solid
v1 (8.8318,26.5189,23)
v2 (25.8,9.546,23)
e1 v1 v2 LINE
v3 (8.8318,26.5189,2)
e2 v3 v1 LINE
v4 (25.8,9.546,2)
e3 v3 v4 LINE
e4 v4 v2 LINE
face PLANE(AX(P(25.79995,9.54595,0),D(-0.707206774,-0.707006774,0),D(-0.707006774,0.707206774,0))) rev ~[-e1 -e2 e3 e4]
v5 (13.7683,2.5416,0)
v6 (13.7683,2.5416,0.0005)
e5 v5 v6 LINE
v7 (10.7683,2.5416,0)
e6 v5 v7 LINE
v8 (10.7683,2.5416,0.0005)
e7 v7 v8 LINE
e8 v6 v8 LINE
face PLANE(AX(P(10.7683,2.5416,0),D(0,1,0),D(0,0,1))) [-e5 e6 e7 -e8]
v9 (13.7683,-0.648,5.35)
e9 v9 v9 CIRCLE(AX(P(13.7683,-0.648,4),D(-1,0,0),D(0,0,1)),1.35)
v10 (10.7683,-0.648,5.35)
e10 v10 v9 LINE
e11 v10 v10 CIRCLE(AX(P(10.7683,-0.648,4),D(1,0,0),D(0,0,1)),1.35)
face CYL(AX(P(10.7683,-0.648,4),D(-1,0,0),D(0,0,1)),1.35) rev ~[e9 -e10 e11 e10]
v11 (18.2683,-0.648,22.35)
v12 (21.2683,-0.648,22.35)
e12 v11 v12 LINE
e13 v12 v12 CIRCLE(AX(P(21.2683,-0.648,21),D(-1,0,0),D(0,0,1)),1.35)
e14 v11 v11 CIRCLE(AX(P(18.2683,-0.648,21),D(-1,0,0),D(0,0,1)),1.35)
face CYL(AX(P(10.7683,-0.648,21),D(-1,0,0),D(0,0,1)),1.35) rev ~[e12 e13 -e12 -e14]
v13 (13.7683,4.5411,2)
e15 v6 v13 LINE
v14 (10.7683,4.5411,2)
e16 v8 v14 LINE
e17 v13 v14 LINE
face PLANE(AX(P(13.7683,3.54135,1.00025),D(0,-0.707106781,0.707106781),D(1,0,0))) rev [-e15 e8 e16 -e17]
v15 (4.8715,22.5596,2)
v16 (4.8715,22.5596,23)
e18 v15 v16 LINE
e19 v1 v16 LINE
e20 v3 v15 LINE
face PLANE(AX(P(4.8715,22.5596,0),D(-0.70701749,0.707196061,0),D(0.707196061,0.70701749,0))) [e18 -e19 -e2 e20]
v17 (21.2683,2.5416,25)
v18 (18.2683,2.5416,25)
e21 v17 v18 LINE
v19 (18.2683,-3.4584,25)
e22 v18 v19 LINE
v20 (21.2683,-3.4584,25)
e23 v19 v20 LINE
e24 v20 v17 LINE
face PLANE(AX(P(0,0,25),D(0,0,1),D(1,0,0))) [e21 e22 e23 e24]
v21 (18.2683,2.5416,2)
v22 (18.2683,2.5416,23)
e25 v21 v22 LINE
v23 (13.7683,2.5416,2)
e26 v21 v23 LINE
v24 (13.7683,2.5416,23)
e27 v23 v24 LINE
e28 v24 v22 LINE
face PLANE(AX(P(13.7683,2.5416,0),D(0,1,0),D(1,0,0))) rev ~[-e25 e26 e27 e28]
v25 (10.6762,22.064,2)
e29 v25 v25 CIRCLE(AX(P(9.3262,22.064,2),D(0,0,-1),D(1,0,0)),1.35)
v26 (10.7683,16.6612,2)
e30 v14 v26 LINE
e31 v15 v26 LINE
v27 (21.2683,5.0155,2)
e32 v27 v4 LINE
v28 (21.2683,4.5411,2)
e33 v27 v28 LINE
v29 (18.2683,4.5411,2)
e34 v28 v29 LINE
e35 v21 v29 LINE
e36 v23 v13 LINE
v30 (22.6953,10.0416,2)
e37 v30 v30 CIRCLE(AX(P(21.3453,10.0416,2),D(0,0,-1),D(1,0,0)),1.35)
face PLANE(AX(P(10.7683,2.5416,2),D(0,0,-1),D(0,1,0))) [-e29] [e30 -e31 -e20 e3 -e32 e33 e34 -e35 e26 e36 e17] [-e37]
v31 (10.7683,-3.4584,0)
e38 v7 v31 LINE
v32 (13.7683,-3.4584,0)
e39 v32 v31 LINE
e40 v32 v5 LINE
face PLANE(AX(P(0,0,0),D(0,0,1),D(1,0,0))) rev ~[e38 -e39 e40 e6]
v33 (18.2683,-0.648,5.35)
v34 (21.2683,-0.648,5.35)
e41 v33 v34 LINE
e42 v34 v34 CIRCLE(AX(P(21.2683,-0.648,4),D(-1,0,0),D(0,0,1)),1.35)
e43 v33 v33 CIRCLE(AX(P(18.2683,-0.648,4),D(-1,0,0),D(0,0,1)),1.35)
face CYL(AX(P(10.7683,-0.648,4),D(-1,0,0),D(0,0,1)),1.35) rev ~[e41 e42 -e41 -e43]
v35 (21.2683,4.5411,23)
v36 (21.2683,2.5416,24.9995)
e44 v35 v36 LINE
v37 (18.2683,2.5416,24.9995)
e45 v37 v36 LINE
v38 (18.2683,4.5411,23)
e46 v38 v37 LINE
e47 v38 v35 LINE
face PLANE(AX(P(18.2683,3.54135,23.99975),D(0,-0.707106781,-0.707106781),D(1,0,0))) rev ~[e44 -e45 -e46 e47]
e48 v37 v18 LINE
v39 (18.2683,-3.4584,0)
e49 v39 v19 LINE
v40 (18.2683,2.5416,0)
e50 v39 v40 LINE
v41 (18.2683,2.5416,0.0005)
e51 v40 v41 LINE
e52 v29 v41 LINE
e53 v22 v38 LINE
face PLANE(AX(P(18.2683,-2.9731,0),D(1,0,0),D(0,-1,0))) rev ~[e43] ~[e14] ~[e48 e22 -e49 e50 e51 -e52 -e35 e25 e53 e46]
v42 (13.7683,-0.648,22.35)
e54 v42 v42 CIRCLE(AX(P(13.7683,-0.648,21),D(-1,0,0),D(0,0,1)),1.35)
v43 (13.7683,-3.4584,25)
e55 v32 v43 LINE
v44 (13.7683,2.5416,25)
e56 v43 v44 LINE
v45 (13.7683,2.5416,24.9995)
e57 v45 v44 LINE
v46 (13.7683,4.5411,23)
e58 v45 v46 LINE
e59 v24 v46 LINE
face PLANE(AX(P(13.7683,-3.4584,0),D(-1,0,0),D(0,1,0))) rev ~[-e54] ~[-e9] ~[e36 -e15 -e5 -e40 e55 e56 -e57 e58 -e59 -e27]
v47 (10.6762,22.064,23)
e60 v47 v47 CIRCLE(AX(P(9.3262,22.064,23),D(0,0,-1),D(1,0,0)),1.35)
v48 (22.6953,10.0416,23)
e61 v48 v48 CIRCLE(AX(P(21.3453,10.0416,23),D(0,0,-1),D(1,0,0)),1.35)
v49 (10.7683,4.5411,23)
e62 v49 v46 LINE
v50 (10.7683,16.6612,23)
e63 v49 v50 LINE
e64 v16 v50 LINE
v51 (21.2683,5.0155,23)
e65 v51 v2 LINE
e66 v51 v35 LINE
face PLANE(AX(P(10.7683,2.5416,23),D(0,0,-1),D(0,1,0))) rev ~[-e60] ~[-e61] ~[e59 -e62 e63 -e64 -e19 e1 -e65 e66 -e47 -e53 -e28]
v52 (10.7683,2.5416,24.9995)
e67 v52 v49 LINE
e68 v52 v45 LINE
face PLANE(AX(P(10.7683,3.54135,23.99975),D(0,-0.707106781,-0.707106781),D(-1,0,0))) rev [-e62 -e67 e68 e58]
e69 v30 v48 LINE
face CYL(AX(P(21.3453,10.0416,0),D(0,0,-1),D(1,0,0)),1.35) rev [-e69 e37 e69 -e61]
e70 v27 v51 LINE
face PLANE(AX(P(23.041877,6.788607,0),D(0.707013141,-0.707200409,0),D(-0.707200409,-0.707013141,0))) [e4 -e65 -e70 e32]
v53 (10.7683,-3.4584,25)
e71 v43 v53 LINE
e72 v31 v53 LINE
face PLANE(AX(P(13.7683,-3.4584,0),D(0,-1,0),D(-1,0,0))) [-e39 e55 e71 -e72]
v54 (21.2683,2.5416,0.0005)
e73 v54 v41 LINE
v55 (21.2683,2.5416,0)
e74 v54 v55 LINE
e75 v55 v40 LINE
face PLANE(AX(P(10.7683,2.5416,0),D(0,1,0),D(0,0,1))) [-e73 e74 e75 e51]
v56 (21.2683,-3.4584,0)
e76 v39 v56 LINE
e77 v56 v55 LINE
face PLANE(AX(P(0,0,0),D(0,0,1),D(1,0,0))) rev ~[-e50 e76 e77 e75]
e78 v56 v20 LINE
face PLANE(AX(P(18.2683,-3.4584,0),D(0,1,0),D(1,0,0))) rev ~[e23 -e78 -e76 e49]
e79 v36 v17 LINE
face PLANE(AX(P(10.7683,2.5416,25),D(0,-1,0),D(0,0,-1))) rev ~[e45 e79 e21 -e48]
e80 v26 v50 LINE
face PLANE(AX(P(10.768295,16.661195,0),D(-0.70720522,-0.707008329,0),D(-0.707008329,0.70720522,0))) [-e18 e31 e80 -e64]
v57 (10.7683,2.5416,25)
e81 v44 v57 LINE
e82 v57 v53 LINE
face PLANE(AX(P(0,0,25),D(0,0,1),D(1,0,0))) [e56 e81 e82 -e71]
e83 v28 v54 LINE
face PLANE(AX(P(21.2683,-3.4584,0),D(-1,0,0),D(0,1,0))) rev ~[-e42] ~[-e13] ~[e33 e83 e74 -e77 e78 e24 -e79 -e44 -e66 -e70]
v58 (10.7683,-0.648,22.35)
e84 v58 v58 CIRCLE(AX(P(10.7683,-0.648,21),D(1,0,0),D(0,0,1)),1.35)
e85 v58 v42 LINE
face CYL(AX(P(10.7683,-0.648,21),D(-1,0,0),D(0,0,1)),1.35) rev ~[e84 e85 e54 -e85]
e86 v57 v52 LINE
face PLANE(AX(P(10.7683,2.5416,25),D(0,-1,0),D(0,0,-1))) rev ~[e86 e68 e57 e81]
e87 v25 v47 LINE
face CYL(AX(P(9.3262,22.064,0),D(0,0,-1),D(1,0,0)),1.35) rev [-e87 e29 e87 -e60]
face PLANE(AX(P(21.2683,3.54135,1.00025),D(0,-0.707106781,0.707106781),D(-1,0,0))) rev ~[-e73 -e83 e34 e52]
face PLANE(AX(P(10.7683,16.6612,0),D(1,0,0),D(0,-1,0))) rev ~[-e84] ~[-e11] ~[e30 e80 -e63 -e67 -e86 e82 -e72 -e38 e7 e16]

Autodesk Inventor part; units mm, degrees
ref_plane "YZ Plane" through (0, 0, 0) normal (1, 0, 0) x (0, 1, 0)
ref_plane "XZ Plane" through (0, 0, 0) normal (0, 1, 0) x (-1, 0, 0)
ref_plane "XY Plane" through (0, 0, 0) normal (0, 0, 1) x (1, 0, 0)
sketch "Sketch1" plane through (0, 0, 0) normal (0, 0, 1) x (1, 0, 0)
  line L0 (13.7683, -3.4584) -> (10.7683, -3.4584)
  line L1 (13.7683, -3.4584) -> (13.7683, 2.5416)
  circle A0 centre (9.3262, 22.064) radius 1.35
  circle A1 centre (21.3453, 10.0416) radius 1.35
  line L2 (10.7683, -3.4584) -> (13.7683, -3.4584)
  line L3 (9.4532, 26.0885) -> (40.2875, 26.0885) construction
  line L4 (13.7683, 2.5416) -> (18.2683, 2.5416)
  line L5 (10.7683, 16.6612) -> (10.7683, -3.4584)
  line L6 (26.507, 8.8387) -> (-1.0663, 36.4198) projected
  arc A2 (26.507, 8.8387) -> (30.7497, 8.8382) centre (28.6286, 10.9598) ccw projected
  line L7 (28.2745, 6.3636) -> (30.7497, 8.8382) projected
  line L8 (28.2745, 6.3636) -> (20.4257, 7.0011) projected
  line L9 (20.4257, 7.0011) -> (-6.8649, 34.2993) projected
  line L10 (-6.8649, 34.2993) -> (-7.5002, 42.1482) projected
  line L11 (-7.5002, 42.1482) -> (10.4629, 60.1062) projected
  line L12 (10.4629, 60.1062) -> (18.3117, 59.4687) projected
  line L13 (18.3117, 59.4687) -> (45.6022, 32.1706) projected
  line L14 (45.6022, 32.1706) -> (46.2375, 24.3216) projected
  line L15 (43.7623, 21.8471) -> (46.2375, 24.3216) projected
  arc A3 (43.7623, 21.8471) -> (43.7628, 26.0897) centre (41.6412, 23.9687) ccw projected
  line L16 (16.1895, 53.6708) -> (43.7628, 26.0897) projected
  arc A4 (16.1895, 53.6708) -> (11.9469, 53.6714) centre (14.0679, 51.5497) ccw projected
  line L17 (-1.0657, 40.6624) -> (11.9469, 53.6714) projected
  arc A5 (-1.0657, 40.6624) -> (-1.0663, 36.4198) centre (1.0553, 38.5408) ccw projected
  line L18 (26.507, 8.8387) -> (-1.0663, 36.4198) projected
  circle A6 centre (18.5232, 55.2968) radius 1.35 projected
  circle A7 centre (-2.693, 34.0865) radius 1.35 projected
  circle A8 centre (9.4722, 55.1566) radius 1.35 projected
  circle A9 centre (30.5424, 43.2743) radius 1.35 projected
  circle A10 centre (42.5615, 31.2518) radius 1.35 projected
  circle A11 centre (-2.5503, 43.1375) radius 1.35 projected
  circle A12 centre (9.3262, 22.064) radius 1.35 projected
  circle A13 centre (21.3453, 10.0416) radius 1.35 projected
  line L19 (4.8715, 22.5596) -> (8.8318, 26.5189)
  line L20 (8.8318, 26.5189) -> (25.8, 9.546)
  line L21 (4.8715, 22.5596) -> (10.7683, 16.6612)
  line L22 (18.2683, -2.9731) -> (18.2683, 2.1519) projected
  line L23 (18.2683, 2.5416) -> (18.2683, -3.4584)
  line L24 (18.2683, -3.4584) -> (21.2683, -3.4584)
  line L25 (21.2683, -3.4584) -> (21.2683, 5.0155)
  line L26 (25.8, 9.546) -> (21.2683, 5.0155)
  point P0 (0, 0)
  dimension "d9" = 2.7
  dimension "d10" = 2.7
  dimension "d12" = 3
  dimension "d28" = 6
  dimension "d35" = 3.5
  dimension "d36" = 24
  dimension "d38" = 3
  dimension "d63" = 4.5
extrude "Extrusion1" add sketch "Sketch1" along normal blind 25 contours L0 L5 L9 L8 L26 L25 L24 L23 L22 L4 L1 | L9 L19 L6 L26 L8
sketch "Sketch3" plane through (10.7683, -3.4584, 0) normal (-1, 0, 0) x (0, 0, 1)
  circle A0 centre (2, 2.8104) radius 1.35 projected
  circle A1 centre (19, 2.8104) radius 1.35 projected
  line L0 (25, 0) -> (25, 20.1196) projected
  line L1 (0, 20.1196) -> (0, 0) projected
  circle A2 centre (4, 2.8104) radius 1.35
  circle A3 centre (21, 2.8104) radius 1.35
  dimension "d48" = 2.7
  dimension "d49" = 2.7
  dimension "d50" = 4
  dimension "d51" = 4
extrude "Extrusion3" cut sketch "Sketch3" against normal through all contours A0 A2 | A0 A2 | A1 A3 | A1 A3 picked at (3.1032, 2.701) picked at (4.6704, 2.7032) picked at (20.1032, 2.9198) picked at (21.6704, 2.9176)
sketch "Sketch5" plane through (10.7683, -3.4584, 0) normal (-1, 0, 0) x (0, 0, 1)
  line L0 (0, 0) -> (25, 0) projected
  line L1 (0, 0) -> (0, 8.4739) projected
  line L2 (0, 6) -> (2, 6)
  line L3 (2, 6) -> (2, 32)
  line L4 (2, 32) -> (0, 32)
  line L5 (0, 32) -> (0, 6)
  line L6 (25, 8.4739) -> (25, 0) projected
  line L7 (25, 6) -> (23, 6)
  line L8 (23, 6) -> (23, 32)
  line L9 (23, 32) -> (25, 32)
  line L10 (25, 32) -> (25, 6)
  point P0 (0, 3.4584)
  dimension "d52" = 2
  dimension "d53" = 26
  dimension "d54" = 6
  dimension "d55" = 2
  dimension "d56" = 26
  dimension "d57" = 6
extrude "Extrusion4" cut sketch "Sketch5" along normal through all both and the other way through all
chamfer "Chamfer1" distance 2 angle 45 4 edges at (12.2683, 2.5416, 23) (19.7683, 2.5416, 23) (19.7683, 2.5416, 2) (12.2683, 2.5416, 2)
properties part number "Knee - Back" material "Aluminum-6061"
